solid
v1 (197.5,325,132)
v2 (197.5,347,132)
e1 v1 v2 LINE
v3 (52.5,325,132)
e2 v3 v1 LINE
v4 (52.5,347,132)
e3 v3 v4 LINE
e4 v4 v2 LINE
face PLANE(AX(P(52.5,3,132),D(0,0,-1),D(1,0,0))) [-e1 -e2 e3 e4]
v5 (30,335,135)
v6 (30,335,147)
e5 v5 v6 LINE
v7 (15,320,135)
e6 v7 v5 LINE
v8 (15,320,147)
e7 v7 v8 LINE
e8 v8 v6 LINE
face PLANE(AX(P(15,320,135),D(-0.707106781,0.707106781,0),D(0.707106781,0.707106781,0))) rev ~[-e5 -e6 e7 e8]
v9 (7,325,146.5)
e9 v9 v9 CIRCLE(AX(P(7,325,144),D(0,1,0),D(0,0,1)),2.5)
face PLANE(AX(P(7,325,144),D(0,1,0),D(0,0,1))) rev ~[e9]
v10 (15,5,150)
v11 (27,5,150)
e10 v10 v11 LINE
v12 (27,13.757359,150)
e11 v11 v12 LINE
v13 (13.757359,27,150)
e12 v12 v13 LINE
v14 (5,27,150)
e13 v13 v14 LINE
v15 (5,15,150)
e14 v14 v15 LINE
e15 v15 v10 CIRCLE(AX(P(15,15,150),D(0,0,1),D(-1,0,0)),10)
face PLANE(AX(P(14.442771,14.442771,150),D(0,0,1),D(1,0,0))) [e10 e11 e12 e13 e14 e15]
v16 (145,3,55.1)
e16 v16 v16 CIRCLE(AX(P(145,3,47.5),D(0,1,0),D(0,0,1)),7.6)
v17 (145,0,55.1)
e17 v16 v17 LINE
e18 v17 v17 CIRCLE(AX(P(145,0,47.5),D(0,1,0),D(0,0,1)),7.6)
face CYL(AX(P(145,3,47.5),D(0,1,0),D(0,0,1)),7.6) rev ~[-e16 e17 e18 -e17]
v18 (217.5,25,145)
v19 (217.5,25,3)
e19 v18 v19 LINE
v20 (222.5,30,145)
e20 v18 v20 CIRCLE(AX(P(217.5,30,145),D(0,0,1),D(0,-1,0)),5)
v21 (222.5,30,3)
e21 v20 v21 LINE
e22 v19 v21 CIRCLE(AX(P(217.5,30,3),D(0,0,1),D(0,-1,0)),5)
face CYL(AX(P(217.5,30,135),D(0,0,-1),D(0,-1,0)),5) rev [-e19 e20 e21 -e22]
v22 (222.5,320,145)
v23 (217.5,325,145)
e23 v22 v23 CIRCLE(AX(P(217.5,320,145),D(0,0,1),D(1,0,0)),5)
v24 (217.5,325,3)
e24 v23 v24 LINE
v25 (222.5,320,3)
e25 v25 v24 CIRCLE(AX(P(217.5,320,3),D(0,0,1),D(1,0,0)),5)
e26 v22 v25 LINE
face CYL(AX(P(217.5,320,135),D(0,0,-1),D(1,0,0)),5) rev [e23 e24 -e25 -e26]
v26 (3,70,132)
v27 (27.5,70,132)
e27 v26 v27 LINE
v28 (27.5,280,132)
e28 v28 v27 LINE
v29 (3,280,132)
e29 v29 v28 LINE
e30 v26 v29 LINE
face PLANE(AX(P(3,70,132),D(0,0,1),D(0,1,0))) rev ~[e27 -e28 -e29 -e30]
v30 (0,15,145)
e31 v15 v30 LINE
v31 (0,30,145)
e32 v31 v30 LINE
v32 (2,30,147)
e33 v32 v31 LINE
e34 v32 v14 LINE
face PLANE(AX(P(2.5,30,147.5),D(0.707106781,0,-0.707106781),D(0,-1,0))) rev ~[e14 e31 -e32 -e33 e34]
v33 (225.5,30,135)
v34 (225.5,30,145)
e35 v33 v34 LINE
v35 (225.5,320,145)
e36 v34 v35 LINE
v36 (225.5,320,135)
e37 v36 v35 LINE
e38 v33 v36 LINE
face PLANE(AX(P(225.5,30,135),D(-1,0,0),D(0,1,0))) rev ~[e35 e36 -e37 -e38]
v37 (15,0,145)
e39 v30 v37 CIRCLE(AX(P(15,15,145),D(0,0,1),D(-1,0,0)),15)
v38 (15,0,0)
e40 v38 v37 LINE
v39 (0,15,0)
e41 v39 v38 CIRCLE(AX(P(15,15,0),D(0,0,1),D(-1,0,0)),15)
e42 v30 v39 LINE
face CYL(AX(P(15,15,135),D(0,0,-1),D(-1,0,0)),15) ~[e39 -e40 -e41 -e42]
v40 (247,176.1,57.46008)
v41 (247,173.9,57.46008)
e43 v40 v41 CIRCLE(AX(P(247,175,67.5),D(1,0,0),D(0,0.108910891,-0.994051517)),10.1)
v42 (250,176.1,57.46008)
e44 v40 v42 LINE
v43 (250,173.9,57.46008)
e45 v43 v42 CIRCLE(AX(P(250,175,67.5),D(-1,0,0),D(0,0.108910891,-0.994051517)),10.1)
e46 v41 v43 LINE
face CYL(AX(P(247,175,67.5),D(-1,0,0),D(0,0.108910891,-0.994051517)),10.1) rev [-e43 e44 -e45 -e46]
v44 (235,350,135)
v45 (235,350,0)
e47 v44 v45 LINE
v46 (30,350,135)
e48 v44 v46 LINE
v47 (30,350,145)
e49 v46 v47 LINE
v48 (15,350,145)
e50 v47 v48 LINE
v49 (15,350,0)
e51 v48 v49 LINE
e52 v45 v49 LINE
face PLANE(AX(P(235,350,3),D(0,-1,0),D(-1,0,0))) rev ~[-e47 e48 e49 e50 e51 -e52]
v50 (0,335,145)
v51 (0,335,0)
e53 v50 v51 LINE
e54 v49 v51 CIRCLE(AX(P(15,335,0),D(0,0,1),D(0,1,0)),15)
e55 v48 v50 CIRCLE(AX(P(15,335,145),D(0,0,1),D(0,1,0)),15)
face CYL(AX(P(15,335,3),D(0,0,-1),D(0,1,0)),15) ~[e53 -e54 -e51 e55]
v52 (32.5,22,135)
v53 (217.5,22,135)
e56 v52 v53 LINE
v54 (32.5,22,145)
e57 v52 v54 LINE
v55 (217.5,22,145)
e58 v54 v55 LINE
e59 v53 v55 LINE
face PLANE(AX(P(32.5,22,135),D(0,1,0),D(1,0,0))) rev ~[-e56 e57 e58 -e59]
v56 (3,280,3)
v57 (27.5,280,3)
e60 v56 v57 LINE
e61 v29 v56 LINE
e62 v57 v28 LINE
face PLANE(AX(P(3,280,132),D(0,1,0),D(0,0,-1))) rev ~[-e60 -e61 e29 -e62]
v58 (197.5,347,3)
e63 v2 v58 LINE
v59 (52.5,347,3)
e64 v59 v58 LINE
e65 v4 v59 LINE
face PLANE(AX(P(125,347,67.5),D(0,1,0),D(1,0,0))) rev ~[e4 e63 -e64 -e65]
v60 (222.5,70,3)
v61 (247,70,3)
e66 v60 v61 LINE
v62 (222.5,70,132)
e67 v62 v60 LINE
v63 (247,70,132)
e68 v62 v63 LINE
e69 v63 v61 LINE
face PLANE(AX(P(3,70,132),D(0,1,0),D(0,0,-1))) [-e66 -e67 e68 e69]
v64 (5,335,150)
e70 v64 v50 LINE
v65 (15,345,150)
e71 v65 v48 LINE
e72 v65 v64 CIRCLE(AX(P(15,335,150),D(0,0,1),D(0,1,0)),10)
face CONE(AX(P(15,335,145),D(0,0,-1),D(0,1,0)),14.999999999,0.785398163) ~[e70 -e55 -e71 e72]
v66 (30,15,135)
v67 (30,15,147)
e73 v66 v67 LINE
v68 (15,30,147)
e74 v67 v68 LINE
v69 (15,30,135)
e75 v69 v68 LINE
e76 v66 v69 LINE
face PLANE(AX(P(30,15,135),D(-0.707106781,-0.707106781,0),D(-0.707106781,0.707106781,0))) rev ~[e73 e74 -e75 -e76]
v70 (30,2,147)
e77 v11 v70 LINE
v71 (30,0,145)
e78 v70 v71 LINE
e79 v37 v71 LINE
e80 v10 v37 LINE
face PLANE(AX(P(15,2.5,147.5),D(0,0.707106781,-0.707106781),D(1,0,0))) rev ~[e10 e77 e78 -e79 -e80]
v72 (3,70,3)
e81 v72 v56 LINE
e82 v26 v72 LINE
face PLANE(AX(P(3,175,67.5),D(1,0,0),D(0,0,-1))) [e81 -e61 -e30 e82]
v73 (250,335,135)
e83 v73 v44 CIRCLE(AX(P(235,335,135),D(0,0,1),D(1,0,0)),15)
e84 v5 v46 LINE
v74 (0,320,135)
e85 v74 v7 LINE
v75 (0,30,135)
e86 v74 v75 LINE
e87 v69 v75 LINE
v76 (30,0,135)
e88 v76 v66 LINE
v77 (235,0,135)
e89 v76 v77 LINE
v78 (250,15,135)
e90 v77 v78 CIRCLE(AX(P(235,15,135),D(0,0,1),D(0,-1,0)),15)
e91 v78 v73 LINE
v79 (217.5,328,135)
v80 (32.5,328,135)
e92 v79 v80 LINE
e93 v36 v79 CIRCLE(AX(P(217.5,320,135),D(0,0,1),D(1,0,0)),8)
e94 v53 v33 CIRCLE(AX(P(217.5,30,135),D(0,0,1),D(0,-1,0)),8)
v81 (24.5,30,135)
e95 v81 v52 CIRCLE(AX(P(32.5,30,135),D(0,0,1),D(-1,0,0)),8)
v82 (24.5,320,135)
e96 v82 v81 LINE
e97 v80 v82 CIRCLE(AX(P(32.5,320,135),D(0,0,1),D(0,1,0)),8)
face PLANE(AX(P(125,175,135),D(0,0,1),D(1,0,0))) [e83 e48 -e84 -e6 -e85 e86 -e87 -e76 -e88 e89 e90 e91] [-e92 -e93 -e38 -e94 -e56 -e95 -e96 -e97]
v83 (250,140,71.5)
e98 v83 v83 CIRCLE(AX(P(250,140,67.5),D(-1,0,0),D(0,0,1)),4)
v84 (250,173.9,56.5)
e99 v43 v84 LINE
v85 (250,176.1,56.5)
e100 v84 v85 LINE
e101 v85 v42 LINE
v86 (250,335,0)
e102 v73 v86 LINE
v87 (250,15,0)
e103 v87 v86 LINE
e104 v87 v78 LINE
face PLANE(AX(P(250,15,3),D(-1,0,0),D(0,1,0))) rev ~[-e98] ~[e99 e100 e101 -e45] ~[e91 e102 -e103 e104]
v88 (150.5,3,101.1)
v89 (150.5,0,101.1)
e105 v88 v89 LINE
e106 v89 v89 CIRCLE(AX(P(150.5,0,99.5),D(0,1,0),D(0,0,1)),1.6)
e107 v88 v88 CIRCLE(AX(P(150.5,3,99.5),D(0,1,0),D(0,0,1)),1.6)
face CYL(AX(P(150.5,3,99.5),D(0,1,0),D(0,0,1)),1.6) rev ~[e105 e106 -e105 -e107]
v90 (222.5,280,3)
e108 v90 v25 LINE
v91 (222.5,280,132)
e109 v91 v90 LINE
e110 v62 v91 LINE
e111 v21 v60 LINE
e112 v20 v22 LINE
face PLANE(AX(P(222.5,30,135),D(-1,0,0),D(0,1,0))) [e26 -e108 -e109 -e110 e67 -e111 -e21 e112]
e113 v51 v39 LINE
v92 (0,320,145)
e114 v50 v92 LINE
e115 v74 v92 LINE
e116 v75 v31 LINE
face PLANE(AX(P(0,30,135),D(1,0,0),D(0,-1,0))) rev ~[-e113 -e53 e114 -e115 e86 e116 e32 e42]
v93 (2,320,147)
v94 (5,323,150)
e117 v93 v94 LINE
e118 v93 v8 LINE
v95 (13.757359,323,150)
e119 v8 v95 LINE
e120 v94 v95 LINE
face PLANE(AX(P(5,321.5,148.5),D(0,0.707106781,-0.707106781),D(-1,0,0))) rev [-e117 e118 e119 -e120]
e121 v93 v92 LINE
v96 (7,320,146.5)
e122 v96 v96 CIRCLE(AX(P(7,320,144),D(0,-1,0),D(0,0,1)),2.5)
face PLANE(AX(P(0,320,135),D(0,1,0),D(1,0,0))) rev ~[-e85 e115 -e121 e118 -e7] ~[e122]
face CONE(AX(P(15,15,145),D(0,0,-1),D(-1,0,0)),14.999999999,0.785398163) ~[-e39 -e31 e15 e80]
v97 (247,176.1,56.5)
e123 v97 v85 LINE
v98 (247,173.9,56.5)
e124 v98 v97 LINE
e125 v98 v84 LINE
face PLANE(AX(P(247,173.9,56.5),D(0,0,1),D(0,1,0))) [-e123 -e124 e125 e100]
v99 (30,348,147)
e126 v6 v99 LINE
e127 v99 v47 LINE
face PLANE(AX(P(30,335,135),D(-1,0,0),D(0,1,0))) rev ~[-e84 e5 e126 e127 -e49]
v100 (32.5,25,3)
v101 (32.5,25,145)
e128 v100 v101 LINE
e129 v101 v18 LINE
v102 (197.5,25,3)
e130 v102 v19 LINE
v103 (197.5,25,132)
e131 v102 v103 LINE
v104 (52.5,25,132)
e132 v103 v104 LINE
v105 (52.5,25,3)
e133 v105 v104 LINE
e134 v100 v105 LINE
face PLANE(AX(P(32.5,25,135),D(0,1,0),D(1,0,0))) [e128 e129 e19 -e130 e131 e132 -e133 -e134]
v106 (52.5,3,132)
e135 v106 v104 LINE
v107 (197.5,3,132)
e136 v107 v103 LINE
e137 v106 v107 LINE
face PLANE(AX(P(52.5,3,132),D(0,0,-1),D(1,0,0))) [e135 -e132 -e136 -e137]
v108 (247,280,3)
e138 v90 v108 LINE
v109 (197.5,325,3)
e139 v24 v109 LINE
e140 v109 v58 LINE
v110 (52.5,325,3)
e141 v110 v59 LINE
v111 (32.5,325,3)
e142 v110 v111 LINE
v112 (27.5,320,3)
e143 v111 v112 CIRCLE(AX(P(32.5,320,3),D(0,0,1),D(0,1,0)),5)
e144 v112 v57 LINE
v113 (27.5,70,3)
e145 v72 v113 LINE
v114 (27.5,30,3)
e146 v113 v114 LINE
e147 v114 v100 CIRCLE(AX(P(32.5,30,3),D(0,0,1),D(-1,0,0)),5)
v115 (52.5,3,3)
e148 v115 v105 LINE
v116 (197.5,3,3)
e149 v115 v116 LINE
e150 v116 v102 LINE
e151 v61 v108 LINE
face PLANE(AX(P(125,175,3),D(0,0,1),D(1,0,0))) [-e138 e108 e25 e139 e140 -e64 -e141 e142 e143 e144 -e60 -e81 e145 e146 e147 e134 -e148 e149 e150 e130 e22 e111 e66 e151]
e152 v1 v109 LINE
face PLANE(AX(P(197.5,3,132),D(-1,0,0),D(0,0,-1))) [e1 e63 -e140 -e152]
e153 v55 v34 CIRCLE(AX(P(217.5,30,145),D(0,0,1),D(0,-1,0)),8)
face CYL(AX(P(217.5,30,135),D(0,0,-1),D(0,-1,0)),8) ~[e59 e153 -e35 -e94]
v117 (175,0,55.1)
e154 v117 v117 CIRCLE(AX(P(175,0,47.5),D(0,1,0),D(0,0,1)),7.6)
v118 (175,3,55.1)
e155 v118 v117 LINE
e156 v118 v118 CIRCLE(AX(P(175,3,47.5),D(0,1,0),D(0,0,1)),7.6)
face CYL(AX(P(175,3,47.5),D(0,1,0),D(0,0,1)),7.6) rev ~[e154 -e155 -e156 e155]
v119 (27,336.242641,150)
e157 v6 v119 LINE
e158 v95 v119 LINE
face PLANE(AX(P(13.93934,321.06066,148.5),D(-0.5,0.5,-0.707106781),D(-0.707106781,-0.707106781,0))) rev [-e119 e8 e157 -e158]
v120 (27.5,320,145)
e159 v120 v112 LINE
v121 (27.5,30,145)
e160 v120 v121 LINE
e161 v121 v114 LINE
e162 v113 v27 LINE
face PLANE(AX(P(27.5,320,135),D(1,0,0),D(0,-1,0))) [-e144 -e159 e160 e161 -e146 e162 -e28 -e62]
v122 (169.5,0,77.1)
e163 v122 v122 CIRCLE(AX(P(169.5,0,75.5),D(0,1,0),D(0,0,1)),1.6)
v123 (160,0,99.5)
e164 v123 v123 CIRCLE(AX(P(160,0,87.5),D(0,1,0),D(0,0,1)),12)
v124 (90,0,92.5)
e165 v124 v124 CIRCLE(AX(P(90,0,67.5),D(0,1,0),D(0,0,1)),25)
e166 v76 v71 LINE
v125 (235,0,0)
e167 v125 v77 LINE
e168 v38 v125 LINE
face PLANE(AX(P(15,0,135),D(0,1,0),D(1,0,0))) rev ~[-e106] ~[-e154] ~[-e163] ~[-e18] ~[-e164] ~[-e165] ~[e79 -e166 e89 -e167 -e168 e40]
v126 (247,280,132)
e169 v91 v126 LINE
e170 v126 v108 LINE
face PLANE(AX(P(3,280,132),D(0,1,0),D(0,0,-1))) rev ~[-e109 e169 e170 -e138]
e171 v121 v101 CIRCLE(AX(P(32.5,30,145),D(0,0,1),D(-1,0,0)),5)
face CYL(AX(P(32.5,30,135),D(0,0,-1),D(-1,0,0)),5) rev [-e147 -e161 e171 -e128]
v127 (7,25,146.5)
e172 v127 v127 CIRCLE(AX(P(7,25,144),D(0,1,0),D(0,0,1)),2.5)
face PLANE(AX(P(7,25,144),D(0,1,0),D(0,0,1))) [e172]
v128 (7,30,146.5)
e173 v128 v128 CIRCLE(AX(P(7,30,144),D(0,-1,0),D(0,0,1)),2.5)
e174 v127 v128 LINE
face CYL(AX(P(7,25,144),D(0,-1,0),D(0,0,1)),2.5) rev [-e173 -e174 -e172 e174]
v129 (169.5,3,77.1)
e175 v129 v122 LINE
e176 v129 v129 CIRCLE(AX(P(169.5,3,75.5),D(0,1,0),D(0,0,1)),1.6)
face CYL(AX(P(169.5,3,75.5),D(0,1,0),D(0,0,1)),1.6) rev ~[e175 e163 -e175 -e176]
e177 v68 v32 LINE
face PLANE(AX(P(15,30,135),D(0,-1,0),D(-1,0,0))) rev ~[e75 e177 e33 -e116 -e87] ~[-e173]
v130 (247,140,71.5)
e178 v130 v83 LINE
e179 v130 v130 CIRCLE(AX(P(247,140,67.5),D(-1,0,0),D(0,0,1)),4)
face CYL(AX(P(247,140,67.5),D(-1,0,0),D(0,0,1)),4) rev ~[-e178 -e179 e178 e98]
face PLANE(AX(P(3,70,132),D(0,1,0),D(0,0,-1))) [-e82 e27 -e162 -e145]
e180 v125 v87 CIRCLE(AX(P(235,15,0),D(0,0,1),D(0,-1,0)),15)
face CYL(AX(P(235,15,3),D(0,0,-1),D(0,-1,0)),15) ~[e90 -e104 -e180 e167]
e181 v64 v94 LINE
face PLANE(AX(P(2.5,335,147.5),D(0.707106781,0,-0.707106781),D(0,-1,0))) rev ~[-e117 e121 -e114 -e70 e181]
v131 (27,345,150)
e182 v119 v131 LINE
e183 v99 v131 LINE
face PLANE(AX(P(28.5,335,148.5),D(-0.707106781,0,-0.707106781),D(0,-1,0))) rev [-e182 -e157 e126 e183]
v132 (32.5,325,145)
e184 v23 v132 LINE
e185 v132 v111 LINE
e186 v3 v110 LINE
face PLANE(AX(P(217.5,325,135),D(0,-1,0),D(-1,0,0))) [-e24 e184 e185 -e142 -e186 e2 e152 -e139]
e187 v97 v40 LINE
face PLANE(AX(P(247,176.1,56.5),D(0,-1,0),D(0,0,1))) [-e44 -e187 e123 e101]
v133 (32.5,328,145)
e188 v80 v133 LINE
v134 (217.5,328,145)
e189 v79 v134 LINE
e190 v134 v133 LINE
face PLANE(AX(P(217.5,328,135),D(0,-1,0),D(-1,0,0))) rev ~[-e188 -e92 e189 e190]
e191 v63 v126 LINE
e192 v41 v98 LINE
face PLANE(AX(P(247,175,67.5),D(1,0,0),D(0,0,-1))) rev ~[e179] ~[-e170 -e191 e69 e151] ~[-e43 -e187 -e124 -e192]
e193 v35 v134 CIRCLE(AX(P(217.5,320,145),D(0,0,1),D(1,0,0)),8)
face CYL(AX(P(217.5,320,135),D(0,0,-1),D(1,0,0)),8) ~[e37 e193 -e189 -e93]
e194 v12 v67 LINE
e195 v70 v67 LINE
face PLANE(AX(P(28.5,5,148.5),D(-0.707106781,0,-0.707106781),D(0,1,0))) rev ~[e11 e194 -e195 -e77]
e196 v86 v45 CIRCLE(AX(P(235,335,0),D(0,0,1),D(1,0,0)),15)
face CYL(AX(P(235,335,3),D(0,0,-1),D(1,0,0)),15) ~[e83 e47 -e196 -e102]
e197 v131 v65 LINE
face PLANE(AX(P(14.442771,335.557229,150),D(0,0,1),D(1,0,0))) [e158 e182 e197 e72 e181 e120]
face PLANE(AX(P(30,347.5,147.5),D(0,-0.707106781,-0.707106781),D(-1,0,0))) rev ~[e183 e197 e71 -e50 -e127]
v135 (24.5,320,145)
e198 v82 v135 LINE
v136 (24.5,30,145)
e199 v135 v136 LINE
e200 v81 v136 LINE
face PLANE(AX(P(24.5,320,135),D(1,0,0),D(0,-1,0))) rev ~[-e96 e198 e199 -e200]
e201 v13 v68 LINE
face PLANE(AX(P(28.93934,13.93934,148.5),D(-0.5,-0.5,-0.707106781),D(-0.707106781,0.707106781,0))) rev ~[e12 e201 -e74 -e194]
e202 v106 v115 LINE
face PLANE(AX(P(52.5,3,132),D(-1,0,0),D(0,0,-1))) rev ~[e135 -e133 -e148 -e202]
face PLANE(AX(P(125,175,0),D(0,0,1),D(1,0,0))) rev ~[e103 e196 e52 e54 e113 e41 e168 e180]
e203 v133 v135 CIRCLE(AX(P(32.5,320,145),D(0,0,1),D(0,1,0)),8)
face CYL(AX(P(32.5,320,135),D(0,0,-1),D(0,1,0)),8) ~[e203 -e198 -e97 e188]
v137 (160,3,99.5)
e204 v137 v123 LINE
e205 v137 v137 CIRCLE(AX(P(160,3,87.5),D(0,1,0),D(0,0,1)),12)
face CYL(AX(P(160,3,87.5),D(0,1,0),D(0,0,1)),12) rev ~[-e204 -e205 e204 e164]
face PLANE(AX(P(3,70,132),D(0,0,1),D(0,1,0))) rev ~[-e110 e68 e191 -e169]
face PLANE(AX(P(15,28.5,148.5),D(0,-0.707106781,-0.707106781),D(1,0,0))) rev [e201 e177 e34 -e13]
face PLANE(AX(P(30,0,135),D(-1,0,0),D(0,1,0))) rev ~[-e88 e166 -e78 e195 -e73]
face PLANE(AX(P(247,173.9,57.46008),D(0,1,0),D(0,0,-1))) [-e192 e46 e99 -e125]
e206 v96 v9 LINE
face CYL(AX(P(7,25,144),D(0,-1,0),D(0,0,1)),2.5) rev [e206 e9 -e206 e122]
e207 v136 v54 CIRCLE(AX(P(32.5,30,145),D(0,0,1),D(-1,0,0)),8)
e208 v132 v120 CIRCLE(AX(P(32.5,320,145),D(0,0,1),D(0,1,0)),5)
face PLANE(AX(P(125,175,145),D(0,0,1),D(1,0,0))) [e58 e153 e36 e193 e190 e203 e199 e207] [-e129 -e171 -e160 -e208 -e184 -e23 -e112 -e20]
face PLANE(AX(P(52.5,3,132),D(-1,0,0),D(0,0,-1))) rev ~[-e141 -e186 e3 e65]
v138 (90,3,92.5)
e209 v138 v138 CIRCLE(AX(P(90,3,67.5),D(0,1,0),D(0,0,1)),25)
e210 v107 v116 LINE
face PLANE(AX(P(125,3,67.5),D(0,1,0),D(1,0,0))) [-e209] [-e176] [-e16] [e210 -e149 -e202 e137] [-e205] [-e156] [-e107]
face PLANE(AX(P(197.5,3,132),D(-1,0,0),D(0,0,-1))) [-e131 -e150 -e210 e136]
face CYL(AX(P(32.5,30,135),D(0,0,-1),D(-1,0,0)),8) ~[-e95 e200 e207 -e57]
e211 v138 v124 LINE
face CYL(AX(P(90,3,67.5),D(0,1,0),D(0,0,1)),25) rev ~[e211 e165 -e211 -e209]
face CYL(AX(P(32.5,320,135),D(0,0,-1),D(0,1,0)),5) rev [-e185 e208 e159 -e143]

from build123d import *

# Parameters (mm, degrees)
BOSS_EXTRUDE1_DEPTH     = 3
BOSS_EXTRUDE2_DEPTH     = 132
CUT_EXTRUDE1_DEPTH      = 219.5
CUT_EXTRUDE1_DEPTH_BACK = 24.5
SKETCH3_W               = 129
SKETCH3_H               = 210
CUT_EXTRUDE2_DEPTH      = 322
CUT_EXTRUDE2_DEPTH_BACK = 22
SKETCH5_W               = 145
SKETCH5_H               = 129
BOSS_EXTRUDE3_DEPTH     = 10
BOSS_EXTRUDE4_DEPTH     = 15
CHAMFER1_SIZE           = 5
CHAMFER2_SIZE           = 3
CUT_EXTRUDE3_DEPTH      = 295
CUT_EXTRUDE3_DEPTH_BACK = 5
SKETCH10_R              = 2.5
SKETCH11_R              = 12
SKETCH11_R_2            = 7.6
SKETCH11_R_3            = 25
SKETCH11_R_4            = 1.6
CUT_EXTRUDE4_DEPTH      = 10
SKETCH13_R              = 4
CUT_EXTRUDE6_DEPTH      = 10


with BuildPart() as part:
    # Sketch1 → Boss-Extrude1 (new body)
    with BuildSketch(Plane.XY):
        with BuildLine():
            Line((15, 0), (235, 0))
            ThreePointArc((235, 0), (245.606601718, 4.393398282), (250, 15))
            Line((250, 15), (250, 335))
            ThreePointArc((250, 335), (245.606601718, 345.606601718), (235, 350))
            Line((235, 350), (15, 350))
            ThreePointArc((15, 350), (4.393398282, 345.606601718), (0, 335))
            Line((0, 335), (0, 15))
            ThreePointArc((0, 15), (4.393398282, 4.393398282), (15, 0))
        make_face()
    extrude(amount=BOSS_EXTRUDE1_DEPTH)

    # Sketch2 → Boss-Extrude2 (add)
    with BuildSketch(Plane.XY.offset(3)):
        with BuildLine():
            Line((0, 335), (0, 15))
            ThreePointArc((0, 15), (4.393398282, 4.393398282), (15, 0))
            Line((15, 0), (235, 0))
            ThreePointArc((235, 0), (245.606601718, 4.393398282), (250, 15))
            Line((250, 15), (250, 335))
            ThreePointArc((250, 335), (245.606601718, 345.606601718), (235, 350))
            Line((235, 350), (15, 350))
            ThreePointArc((15, 350), (4.393398282, 345.606601718), (0, 335))
        make_face()
        with BuildLine():
            ThreePointArc((32.5, 325), (28.964466094, 323.535533906), (27.5, 320))
            Line((27.5, 320), (27.5, 30))
            ThreePointArc((27.5, 30), (28.964466094, 26.464466094), (32.5, 25))
            Line((32.5, 25), (217.5, 25))
            ThreePointArc((217.5, 25), (221.035533906, 26.464466094), (222.5, 30))
            Line((222.5, 30), (222.5, 320))
            ThreePointArc((222.5, 320), (221.035533906, 323.535533906), (217.5, 325))
            Line((217.5, 325), (32.5, 325))
        make_face(mode=Mode.SUBTRACT)
    extrude(amount=BOSS_EXTRUDE2_DEPTH)

    # Sketch3 → Cut-Extrude1 (cut, two sides: drawn at the far end of the back side and taken through both)
    with BuildSketch(Plane(origin=(27.5, 0, 0), x_dir=(0, 0, -1), z_dir=(1, 0, 0)).offset(-CUT_EXTRUDE1_DEPTH_BACK)):
        with Locations((-67.5, 175)):
            Rectangle(SKETCH3_W, SKETCH3_H)
    extrude(amount=CUT_EXTRUDE1_DEPTH + CUT_EXTRUDE1_DEPTH_BACK, mode=Mode.SUBTRACT)

    # Sketch5 → Cut-Extrude2 (cut, two sides: drawn at the far end of the back side and taken through both)
    with BuildSketch(Plane(origin=(0, 25, 0), x_dir=(1, 0, 0), z_dir=(0, 1, 0)).offset(-CUT_EXTRUDE2_DEPTH_BACK)):
        with Locations((125, -67.5)):
            Rectangle(SKETCH5_W, SKETCH5_H)
    extrude(amount=CUT_EXTRUDE2_DEPTH + CUT_EXTRUDE2_DEPTH_BACK, mode=Mode.SUBTRACT)

    # Sketch8 → Boss-Extrude3 (add)
    with BuildSketch(Plane.XY.offset(135)):
        with BuildLine():
            Line((225.5, 30), (225.5, 320))
            ThreePointArc((225.5, 320), (223.156854249, 325.656854249), (217.5, 328))
            Line((217.5, 328), (32.5, 328))
            ThreePointArc((32.5, 328), (26.843145751, 325.656854249), (24.5, 320))
            Line((24.5, 320), (24.5, 30))
            ThreePointArc((24.5, 30), (26.843145751, 24.343145751), (32.5, 22))
            Line((32.5, 22), (217.5, 22))
            ThreePointArc((217.5, 22), (223.156854249, 24.343145751), (225.5, 30))
        make_face()
        with BuildLine():
            Line((32.5, 25), (217.5, 25))
            ThreePointArc((217.5, 25), (221.035533906, 26.464466094), (222.5, 30))
            Line((222.5, 30), (222.5, 320))
            ThreePointArc((222.5, 320), (221.035533906, 323.535533906), (217.5, 325))
            Line((217.5, 325), (32.5, 325))
            ThreePointArc((32.5, 325), (28.964466094, 323.535533906), (27.5, 320))
            Line((27.5, 320), (27.5, 30))
            ThreePointArc((27.5, 30), (28.964466094, 26.464466094), (32.5, 25))
        make_face(mode=Mode.SUBTRACT)
    extrude(amount=BOSS_EXTRUDE3_DEPTH)

    # Sketch9 → Boss-Extrude4 (add)
    with BuildSketch(Plane.XY.offset(135)):
        with BuildLine():
            ThreePointArc((0, 15), (4.393398282, 4.393398282), (15, 0))
            Line((15, 0), (30, 0))
            Line((30, 0), (30, 15))
            Line((30, 15), (15, 30))
            Line((15, 30), (0, 30))
            Line((0, 30), (0, 15))
        make_face()
        with BuildLine():
            Line((0, 335), (0, 320))
            Line((0, 320), (15, 320))
            Line((15, 320), (30, 335))
            Line((30, 335), (30, 350))
            Line((30, 350), (15, 350))
            ThreePointArc((15, 350), (4.393398282, 345.606601718), (0, 335))
        make_face()
    extrude(amount=BOSS_EXTRUDE4_DEPTH)

    # Chamfer1
    chamfer1_edges = [part.edges().sort_by_distance(p)[0] for p in [
        (0, 22.5, 150),
        (4.393398282, 4.393398282, 150),
        (22.5, 0, 150),
        (22.5, 350, 150),
        (4.393398282, 345.606601718, 150),
        (0, 327.5, 150),
    ]]
    chamfer(chamfer1_edges, length=CHAMFER1_SIZE)

    # Chamfer2
    chamfer2_edges = [part.edges().sort_by_distance(p)[0] for p in [
        (30, 10, 150),
        (22.5, 22.5, 150),
        (22.5, 327.5, 150),
        (30, 340, 150),
        (10, 30, 150),
        (10, 320, 150),
    ]]
    chamfer(chamfer2_edges, length=CHAMFER2_SIZE)

    # Sketch10 → Cut-Extrude3 (cut, two sides: drawn at the far end of the back side and taken through both)
    with BuildSketch(Plane(origin=(0, 30, 0), x_dir=(1, 0, 0), z_dir=(0, 1, 0)).offset(-CUT_EXTRUDE3_DEPTH_BACK)):
        with Locations(Location((7, -144, 0), (0, 0, 270))):
            Circle(SKETCH10_R)
    extrude(amount=CUT_EXTRUDE3_DEPTH + CUT_EXTRUDE3_DEPTH_BACK, mode=Mode.SUBTRACT)

    # Sketch11 → Cut-Extrude4 (cut)
    with BuildSketch(Plane(origin=(0, 3, 0), x_dir=(1, 0, 0), z_dir=(0, 1, 0))):
        with Locations(Location((160, -87.5, 0), (0, 0, 270))):
            Circle(SKETCH11_R)
        with Locations(Location((145, -47.5, 0), (0, 0, 270))):
            Circle(SKETCH11_R_2)
        with Locations(Location((175, -47.5, 0), (0, 0, 270))):
            Circle(SKETCH11_R_2)
        with Locations(Location((90, -67.5, 0), (0, 0, 270))):
            Circle(SKETCH11_R_3)
        with Locations(Location((150.5, -99.5, 0), (0, 0, 270))):
            Circle(SKETCH11_R_4)
        with Locations(Location((169.5, -75.5, 0), (0, 0, 270))):
            Circle(SKETCH11_R_4)
    extrude(amount=-CUT_EXTRUDE4_DEPTH, mode=Mode.SUBTRACT)

    # Sketch13 → Cut-Extrude6 (cut)
    with BuildSketch(Plane.ZY.offset(-247)):
        with Locations((67.5, 140)):
            Circle(SKETCH13_R)
        with BuildLine():
            Line((57.460079682, 173.9), (56.5, 173.9))
            Line((56.5, 173.9), (56.5, 176.1))
            Line((56.5, 176.1), (57.460079682, 176.1))
            ThreePointArc((57.460079682, 176.1), (77.6, 175), (57.460079682, 173.9))
        make_face()
    extrude(amount=-CUT_EXTRUDE6_DEPTH, mode=Mode.SUBTRACT)


solid = part.part
